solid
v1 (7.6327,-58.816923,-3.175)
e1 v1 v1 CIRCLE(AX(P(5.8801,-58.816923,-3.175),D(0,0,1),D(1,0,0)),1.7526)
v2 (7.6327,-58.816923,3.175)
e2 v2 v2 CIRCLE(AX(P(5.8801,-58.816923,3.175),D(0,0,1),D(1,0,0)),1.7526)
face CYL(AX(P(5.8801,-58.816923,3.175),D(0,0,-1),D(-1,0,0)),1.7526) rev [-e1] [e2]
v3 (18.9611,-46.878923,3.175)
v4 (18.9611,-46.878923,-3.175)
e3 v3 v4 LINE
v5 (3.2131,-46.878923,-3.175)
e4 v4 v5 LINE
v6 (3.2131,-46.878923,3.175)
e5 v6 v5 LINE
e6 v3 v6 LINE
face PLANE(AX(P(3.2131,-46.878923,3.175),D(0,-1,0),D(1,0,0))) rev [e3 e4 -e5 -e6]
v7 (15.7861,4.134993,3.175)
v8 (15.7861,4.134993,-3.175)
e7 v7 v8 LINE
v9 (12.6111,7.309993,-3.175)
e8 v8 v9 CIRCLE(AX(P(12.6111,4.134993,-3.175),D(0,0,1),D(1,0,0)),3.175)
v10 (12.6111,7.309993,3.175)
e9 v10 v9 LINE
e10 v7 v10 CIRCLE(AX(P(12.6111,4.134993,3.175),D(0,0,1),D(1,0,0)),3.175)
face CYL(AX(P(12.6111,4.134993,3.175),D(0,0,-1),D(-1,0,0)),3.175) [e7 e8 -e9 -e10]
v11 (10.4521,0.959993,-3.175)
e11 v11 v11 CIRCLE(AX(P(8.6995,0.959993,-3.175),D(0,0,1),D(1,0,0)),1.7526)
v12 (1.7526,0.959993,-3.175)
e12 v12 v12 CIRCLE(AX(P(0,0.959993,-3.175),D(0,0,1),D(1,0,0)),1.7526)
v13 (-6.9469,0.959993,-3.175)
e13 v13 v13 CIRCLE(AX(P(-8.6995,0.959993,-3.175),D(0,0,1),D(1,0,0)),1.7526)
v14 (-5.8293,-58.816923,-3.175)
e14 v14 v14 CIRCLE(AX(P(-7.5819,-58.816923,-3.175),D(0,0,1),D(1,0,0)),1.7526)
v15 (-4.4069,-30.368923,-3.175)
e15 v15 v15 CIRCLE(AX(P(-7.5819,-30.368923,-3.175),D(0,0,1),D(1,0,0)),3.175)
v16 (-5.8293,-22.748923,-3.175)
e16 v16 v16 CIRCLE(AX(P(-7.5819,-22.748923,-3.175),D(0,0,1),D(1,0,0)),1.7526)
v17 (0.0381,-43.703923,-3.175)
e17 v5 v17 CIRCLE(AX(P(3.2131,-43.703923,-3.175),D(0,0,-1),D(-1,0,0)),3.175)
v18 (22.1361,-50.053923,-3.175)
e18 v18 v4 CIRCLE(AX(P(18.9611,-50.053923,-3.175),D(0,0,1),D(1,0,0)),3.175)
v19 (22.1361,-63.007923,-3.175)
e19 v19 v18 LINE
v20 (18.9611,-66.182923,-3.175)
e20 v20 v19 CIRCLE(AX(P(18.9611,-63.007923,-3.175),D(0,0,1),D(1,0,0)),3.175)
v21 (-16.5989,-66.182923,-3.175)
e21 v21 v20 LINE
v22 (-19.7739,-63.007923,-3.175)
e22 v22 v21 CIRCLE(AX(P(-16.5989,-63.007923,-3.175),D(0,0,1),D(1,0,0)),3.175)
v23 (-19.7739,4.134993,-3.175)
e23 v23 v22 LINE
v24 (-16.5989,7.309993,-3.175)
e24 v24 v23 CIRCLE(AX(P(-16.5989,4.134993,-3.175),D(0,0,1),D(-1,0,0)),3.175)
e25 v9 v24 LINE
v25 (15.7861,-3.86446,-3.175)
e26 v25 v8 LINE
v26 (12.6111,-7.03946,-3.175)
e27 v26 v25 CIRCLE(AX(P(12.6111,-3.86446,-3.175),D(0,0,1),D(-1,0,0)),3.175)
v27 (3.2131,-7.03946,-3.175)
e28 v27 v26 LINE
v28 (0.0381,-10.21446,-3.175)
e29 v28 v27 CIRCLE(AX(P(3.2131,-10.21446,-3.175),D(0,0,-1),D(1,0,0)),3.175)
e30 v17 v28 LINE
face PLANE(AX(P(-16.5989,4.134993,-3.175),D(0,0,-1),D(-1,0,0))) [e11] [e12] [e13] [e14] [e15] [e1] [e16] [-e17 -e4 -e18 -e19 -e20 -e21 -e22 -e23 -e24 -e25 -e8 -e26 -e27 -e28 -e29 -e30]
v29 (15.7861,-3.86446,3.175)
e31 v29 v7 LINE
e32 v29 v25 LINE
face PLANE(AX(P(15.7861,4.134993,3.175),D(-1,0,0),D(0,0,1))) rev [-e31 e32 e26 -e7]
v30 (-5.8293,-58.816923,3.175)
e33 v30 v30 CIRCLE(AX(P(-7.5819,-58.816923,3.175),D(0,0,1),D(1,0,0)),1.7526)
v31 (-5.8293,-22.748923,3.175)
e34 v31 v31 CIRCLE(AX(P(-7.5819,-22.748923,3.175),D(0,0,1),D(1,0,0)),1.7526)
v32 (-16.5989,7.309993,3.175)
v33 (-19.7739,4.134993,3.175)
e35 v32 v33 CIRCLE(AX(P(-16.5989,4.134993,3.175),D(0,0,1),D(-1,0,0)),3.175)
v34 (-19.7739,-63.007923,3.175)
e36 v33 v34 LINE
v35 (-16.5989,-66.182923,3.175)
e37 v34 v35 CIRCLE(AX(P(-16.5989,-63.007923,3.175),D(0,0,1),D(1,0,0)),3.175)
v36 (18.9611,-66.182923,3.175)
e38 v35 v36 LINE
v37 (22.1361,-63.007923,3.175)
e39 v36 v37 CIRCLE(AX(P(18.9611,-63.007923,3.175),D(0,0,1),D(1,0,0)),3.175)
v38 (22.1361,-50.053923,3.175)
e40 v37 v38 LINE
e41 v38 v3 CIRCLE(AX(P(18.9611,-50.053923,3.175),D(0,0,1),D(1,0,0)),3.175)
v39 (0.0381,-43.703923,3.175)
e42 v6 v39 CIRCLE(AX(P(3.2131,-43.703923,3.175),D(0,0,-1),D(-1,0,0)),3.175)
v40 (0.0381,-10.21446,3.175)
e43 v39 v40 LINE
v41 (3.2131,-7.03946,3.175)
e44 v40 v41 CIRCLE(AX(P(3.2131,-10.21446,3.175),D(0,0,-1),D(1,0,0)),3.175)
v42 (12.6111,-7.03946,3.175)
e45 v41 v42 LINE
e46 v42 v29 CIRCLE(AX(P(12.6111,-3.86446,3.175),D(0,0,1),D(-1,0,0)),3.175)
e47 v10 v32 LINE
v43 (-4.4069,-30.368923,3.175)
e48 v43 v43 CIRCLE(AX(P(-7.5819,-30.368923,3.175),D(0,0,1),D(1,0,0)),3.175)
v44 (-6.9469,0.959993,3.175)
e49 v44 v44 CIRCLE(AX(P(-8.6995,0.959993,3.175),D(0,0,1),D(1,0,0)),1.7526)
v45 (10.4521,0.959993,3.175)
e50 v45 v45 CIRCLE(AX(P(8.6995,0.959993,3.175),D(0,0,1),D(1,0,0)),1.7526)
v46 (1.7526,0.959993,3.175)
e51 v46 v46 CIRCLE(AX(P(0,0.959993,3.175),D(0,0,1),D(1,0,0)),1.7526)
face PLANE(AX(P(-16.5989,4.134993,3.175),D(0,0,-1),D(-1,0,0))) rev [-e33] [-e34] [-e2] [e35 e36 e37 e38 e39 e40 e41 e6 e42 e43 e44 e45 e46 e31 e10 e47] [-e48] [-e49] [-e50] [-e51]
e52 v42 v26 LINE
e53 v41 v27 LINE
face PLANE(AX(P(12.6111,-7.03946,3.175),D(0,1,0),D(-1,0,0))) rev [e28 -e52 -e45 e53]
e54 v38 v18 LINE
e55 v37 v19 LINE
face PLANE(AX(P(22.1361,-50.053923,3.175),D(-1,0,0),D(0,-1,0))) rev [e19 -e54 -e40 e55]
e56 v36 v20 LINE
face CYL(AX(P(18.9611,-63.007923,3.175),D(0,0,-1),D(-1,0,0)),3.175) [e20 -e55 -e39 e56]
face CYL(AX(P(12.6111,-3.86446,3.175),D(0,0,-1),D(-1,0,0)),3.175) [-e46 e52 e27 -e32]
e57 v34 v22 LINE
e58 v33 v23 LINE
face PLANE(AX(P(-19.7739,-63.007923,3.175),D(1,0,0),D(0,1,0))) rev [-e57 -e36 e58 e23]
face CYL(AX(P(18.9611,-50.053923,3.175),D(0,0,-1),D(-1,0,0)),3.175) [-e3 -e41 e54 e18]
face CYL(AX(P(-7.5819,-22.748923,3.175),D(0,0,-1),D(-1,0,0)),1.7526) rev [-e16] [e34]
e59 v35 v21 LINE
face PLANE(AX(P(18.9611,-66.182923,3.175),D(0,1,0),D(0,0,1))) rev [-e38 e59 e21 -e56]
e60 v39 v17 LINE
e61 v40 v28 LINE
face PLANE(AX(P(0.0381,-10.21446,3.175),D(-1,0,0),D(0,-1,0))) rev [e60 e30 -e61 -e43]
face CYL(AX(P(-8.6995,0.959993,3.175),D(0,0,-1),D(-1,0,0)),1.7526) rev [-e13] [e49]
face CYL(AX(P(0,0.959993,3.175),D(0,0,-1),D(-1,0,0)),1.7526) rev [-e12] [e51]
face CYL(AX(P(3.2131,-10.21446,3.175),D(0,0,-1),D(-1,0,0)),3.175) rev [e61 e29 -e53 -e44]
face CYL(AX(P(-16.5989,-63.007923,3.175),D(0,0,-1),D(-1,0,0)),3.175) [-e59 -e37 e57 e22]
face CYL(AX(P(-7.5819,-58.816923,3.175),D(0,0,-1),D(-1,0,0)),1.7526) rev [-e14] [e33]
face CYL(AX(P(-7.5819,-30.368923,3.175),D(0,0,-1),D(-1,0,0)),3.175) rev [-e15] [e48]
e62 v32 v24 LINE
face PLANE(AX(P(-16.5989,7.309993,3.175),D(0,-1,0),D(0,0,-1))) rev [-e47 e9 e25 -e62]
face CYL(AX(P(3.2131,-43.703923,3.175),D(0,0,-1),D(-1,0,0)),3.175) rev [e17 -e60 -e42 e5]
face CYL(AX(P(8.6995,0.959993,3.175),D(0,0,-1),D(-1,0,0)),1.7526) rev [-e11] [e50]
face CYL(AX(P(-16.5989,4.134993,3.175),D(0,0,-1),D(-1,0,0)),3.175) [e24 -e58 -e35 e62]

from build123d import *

# Parameters (mm, degrees)
SKETCH1_R           = 1.7526
SKETCH1_R_2         = 3.175
BOSS_EXTRUDE1_DEPTH = 3.175


with BuildPart() as part:
    # Sketch1 → Boss-Extrude1 (new, symmetric)
    with BuildSketch(Plane.XY):
        with BuildLine():
            Line((-16.5989, 7.309993), (12.6111, 7.309993))
            ThreePointArc((12.6111, 7.309993), (14.85616403, 6.38005703), (15.7861, 4.134993))
            Line((15.7861, 4.134993), (15.7861, -3.864460368))
            ThreePointArc((15.7861, -3.864460368), (14.85616403, -6.109524399), (12.6111, -7.039460368))
            Line((12.6111, -7.039460368), (3.2131, -7.039460368))
            ThreePointArc((3.2131, -7.039460368), (0.96803597, -7.969396338), (0.0381, -10.214460368))
            Line((0.0381, -10.214460368), (0.0381, -43.70392319))
            ThreePointArc((0.0381, -43.70392319), (0.96803597, -45.948987221), (3.2131, -46.87892319))
            Line((3.2131, -46.87892319), (18.9611, -46.87892319))
            ThreePointArc((18.9611, -46.87892319), (21.20616403, -47.80885916), (22.1361, -50.05392319))
            Line((22.1361, -50.05392319), (22.1361, -63.00792319))
            ThreePointArc((22.1361, -63.00792319), (21.20616403, -65.252987221), (18.9611, -66.18292319))
            Line((18.9611, -66.18292319), (-16.5989, -66.18292319))
            ThreePointArc((-16.5989, -66.18292319), (-18.84396403, -65.252987221), (-19.7739, -63.00792319))
            Line((-19.7739, -63.00792319), (-19.7739, 4.134993))
            ThreePointArc((-19.7739, 4.134993), (-18.84396403, 6.38005703), (-16.5989, 7.309993))
        make_face()
        with Locations((-8.6995, 0.959993)):
            Circle(SKETCH1_R, mode=Mode.SUBTRACT)
        with Locations((8.6995, 0.959993)):
            Circle(SKETCH1_R, mode=Mode.SUBTRACT)
        with Locations((-7.5819, -22.74892319)):
            Circle(SKETCH1_R, mode=Mode.SUBTRACT)
        with Locations((-7.5819, -30.36892319)):
            Circle(SKETCH1_R_2, mode=Mode.SUBTRACT)
        with Locations((-7.5819, -58.81692319)):
            Circle(SKETCH1_R, mode=Mode.SUBTRACT)
        with Locations((5.8801, -58.81692319)):
            Circle(SKETCH1_R, mode=Mode.SUBTRACT)
        with Locations((0, 0.959993)):
            Circle(SKETCH1_R, mode=Mode.SUBTRACT)
    extrude(amount=BOSS_EXTRUDE1_DEPTH, both=True)


solid = part.part
